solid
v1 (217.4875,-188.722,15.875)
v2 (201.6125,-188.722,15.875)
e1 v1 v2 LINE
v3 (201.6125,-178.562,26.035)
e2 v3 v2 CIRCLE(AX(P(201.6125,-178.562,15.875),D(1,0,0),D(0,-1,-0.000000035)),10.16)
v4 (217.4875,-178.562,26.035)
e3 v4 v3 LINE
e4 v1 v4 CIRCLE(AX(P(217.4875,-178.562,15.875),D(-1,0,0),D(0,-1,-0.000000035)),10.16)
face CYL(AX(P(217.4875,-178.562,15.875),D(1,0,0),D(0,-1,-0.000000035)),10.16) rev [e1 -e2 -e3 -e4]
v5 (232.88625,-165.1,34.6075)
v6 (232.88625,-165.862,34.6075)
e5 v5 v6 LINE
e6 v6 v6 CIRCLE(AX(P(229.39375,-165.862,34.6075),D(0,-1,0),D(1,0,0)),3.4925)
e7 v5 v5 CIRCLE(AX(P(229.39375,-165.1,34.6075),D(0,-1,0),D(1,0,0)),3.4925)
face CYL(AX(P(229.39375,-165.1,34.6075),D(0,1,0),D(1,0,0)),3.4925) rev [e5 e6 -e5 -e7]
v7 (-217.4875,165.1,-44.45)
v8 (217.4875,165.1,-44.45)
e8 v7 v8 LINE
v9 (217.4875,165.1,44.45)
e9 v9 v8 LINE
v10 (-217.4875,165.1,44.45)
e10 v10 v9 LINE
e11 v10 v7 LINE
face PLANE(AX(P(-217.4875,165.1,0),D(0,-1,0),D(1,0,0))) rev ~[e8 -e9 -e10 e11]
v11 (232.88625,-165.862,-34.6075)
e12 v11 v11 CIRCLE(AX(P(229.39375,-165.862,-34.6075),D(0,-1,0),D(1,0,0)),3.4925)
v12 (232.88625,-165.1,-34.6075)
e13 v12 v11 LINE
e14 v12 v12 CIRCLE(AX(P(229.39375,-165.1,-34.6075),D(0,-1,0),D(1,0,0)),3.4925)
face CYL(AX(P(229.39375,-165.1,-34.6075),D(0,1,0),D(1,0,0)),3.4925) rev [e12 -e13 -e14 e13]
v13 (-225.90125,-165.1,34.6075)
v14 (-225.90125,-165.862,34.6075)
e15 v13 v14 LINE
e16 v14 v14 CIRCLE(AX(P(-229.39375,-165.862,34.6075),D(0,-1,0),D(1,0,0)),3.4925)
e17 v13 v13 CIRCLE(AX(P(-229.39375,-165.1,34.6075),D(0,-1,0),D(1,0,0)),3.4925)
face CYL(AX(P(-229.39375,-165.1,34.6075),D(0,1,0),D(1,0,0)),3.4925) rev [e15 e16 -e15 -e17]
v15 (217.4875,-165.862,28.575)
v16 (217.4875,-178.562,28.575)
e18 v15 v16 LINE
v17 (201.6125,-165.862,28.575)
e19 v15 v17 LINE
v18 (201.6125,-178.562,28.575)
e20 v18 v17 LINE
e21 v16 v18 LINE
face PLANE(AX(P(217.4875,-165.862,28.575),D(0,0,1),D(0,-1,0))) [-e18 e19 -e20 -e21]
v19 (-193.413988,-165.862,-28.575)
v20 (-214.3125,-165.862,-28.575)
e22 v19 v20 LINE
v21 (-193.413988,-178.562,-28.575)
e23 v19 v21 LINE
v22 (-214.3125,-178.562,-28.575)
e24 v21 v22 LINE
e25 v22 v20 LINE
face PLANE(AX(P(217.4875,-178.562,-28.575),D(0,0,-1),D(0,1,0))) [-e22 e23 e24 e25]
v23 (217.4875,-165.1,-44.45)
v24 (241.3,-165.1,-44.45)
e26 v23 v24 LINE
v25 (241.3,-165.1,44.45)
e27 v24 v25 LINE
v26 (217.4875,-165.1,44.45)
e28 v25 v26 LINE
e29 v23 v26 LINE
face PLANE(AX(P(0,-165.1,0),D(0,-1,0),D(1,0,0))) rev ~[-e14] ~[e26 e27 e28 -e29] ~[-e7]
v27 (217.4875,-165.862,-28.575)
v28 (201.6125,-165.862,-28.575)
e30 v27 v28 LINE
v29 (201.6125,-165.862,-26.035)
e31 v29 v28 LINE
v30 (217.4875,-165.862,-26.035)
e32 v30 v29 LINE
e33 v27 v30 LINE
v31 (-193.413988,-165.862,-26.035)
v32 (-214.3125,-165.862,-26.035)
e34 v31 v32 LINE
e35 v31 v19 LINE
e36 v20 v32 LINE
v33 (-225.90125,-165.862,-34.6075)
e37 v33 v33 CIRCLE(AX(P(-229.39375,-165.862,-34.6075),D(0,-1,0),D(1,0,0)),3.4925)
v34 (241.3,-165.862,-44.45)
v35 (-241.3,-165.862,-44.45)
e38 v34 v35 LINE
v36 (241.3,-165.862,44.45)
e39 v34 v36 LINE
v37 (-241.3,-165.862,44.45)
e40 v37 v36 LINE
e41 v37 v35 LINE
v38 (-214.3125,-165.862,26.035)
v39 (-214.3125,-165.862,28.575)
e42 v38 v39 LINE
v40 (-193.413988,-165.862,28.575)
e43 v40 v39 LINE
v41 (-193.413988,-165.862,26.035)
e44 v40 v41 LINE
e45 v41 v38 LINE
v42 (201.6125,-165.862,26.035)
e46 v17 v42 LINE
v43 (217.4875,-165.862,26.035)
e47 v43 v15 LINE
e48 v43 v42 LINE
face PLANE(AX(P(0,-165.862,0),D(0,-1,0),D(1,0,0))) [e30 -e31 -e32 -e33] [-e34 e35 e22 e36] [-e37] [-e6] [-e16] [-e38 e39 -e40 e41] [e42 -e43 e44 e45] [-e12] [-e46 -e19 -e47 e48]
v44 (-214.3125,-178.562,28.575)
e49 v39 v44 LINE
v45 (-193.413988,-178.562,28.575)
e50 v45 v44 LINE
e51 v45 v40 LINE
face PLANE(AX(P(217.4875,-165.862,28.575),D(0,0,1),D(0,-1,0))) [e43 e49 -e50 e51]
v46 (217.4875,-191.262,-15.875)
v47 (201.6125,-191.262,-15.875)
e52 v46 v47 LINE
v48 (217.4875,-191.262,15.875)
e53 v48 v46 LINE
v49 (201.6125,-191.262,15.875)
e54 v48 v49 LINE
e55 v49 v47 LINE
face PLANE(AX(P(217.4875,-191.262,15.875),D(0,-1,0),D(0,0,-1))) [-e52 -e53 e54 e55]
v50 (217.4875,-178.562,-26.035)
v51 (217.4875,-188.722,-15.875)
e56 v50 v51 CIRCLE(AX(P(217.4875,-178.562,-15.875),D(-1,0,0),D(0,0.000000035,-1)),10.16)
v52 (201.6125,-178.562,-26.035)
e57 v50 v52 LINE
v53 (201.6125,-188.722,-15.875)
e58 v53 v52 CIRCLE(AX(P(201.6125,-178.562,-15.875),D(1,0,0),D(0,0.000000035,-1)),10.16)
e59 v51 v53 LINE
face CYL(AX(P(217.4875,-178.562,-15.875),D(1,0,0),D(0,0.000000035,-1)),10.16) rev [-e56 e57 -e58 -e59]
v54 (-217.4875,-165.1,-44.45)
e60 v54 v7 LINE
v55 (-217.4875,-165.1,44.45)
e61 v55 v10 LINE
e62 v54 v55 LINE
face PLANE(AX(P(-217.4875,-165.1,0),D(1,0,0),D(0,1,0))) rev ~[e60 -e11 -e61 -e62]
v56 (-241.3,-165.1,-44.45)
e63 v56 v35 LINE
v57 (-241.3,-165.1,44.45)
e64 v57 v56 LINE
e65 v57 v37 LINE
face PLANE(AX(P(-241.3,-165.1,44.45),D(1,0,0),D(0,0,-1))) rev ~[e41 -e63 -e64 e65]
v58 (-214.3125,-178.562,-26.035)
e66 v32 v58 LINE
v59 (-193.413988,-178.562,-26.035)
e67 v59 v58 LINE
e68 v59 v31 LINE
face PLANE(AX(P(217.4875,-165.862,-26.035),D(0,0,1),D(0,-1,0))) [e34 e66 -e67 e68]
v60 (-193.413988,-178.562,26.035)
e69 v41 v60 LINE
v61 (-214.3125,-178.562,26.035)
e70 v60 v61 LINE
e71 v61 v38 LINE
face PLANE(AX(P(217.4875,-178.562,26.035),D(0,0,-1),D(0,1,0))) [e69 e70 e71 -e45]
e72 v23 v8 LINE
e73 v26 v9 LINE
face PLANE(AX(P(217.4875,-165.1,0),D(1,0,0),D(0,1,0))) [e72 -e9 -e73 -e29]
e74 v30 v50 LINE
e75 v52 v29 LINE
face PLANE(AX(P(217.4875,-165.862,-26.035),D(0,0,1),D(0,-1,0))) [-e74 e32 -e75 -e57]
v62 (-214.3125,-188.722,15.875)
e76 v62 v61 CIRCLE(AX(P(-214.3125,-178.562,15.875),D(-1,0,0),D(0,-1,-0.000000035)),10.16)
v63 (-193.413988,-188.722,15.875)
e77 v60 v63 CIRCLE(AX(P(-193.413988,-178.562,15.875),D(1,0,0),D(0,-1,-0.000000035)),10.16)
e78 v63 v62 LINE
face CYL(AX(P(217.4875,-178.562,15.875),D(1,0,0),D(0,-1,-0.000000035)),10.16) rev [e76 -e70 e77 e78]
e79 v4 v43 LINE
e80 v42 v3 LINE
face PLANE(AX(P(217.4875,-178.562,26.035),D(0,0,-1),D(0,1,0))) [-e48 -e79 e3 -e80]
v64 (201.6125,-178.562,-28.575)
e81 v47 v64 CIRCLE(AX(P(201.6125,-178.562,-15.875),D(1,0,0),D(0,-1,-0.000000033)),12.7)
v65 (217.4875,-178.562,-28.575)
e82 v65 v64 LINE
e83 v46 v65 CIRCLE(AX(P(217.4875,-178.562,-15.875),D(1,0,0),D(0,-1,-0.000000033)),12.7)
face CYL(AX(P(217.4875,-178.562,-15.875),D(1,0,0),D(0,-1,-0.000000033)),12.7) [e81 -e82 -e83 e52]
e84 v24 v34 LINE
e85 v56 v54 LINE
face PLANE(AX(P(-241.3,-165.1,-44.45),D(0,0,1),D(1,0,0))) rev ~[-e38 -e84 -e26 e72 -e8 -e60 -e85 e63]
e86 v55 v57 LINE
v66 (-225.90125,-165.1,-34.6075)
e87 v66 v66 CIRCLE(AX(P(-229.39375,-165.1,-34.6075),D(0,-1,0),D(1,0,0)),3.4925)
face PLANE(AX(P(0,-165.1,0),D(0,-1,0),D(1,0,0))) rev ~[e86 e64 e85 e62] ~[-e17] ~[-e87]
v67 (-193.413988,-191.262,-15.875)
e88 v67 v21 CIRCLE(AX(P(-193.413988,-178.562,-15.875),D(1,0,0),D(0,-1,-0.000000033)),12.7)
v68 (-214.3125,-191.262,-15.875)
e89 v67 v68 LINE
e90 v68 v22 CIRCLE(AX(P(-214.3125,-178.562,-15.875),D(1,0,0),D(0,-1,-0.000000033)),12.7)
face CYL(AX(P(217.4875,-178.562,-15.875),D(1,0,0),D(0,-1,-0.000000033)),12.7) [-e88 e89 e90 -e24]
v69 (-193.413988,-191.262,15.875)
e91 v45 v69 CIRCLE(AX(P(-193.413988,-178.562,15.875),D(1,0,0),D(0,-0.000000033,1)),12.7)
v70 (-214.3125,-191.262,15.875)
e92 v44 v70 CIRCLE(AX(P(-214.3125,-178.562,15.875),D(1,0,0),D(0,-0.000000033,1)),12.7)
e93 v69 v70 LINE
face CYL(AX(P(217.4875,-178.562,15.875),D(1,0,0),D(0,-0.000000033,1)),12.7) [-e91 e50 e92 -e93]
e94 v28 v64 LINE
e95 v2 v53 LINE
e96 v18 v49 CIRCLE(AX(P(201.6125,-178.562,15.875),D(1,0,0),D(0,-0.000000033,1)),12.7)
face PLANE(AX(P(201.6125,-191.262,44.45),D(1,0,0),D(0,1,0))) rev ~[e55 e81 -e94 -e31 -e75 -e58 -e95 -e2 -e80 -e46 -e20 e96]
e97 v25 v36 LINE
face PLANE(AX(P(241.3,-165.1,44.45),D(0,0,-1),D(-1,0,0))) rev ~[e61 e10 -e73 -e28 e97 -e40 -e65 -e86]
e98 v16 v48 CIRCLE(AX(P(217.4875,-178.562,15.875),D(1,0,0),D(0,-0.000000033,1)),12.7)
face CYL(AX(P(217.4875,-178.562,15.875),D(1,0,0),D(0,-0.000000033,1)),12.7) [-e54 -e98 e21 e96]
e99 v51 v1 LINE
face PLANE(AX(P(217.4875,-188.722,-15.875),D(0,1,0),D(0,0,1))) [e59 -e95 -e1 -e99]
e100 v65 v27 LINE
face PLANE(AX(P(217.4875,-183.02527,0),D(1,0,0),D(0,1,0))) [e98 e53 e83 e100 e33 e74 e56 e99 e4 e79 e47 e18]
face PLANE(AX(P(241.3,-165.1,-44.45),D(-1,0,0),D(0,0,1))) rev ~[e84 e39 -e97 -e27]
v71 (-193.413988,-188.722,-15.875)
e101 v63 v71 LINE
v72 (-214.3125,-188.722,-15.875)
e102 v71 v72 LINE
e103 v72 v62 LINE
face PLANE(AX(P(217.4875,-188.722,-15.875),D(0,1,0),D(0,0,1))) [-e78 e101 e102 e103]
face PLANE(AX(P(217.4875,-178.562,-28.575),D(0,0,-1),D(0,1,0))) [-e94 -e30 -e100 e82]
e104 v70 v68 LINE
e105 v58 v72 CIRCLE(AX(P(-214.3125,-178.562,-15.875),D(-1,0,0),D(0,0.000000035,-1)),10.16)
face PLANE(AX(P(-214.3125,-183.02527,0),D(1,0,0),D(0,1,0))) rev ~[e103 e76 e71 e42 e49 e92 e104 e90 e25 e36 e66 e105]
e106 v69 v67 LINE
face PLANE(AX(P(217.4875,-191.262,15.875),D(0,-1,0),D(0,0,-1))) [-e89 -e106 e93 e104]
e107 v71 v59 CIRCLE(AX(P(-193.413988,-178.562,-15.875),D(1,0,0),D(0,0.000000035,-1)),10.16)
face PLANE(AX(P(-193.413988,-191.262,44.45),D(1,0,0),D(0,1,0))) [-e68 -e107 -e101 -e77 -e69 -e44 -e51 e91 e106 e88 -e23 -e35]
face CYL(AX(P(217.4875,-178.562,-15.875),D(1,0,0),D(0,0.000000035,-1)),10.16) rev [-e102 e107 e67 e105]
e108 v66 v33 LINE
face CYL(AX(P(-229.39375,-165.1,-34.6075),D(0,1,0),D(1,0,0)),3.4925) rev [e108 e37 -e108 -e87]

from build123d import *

# Parameters (mm, degrees)
F0_W     = 434.975
F0_H     = 330.2
F1_DEPTH = 44.45
F2_R     = 3.4925
F3_DEPTH = 0.762
F5_DEPTH = 431.8
F6_W     = 395.026488
F6_H     = 25.4
F7_DEPTH = 88.901


with BuildPart() as f1:
    # F0 (on Top) → F1 (new body, symmetric)
    with BuildSketch(Plane.XY):
        Rectangle(F0_W, F0_H)
    extrude(amount=F1_DEPTH, both=True)

    # F2 (on face) → F3 (join)
    with BuildSketch(Plane.XZ.offset(165.1)):
        Polygon((-241.3, 44.45), (-241.3, -44.45), (-217.4875, -44.45), (241.3, -44.45), (241.3, 44.45), align=None)
        with Locations((-229.39375, -34.6075)):
            Circle(F2_R, mode=Mode.SUBTRACT)
        with Locations((229.39375, -34.6075)):
            Circle(F2_R, mode=Mode.SUBTRACT)
        with Locations((-229.39375, 34.6075)):
            Circle(F2_R, mode=Mode.SUBTRACT)
        with Locations((229.39375, 34.6075)):
            Circle(F2_R, mode=Mode.SUBTRACT)
    extrude(amount=F3_DEPTH)

    # F4 (on face) → F5 (join)
    with BuildSketch(Plane.YZ.offset(217.4875)):
        with BuildLine():
            Line((-191.262, 15.875), (-191.262, 0))
            Line((-191.262, 0), (-191.262, -15.875))
            ThreePointArc((-191.262, -15.875), (-187.542256, -24.855256), (-178.562, -28.575))
            Line((-178.562, -28.575), (-165.862, -28.575))
            Line((-165.862, -28.575), (-165.862, -26.035))
            Line((-165.862, -26.035), (-178.562, -26.035))
            ThreePointArc((-178.562, -26.035), (-185.746205, -23.059205), (-188.722, -15.875))
            Line((-188.722, -15.875), (-188.722, 0))
            Line((-188.722, 0), (-188.722, 15.875))
            ThreePointArc((-188.722, 15.875), (-185.746205, 23.059205), (-178.562, 26.035))
            Line((-178.562, 26.035), (-165.862, 26.035))
            Line((-165.862, 26.035), (-165.862, 28.575))
            Line((-165.862, 28.575), (-178.562, 28.575))
            ThreePointArc((-178.562, 28.575), (-187.542256, 24.855256), (-191.262, 15.875))
        make_face()
    extrude(amount=-F5_DEPTH)

    # F6 (on face) → F7 (cut, through all)
    with BuildSketch(Plane.XY.offset(44.45)):
        with Locations((4.099256, -178.562)):
            Rectangle(F6_W, F6_H)
    extrude(amount=-F7_DEPTH, mode=Mode.SUBTRACT)


solid = f1.part
